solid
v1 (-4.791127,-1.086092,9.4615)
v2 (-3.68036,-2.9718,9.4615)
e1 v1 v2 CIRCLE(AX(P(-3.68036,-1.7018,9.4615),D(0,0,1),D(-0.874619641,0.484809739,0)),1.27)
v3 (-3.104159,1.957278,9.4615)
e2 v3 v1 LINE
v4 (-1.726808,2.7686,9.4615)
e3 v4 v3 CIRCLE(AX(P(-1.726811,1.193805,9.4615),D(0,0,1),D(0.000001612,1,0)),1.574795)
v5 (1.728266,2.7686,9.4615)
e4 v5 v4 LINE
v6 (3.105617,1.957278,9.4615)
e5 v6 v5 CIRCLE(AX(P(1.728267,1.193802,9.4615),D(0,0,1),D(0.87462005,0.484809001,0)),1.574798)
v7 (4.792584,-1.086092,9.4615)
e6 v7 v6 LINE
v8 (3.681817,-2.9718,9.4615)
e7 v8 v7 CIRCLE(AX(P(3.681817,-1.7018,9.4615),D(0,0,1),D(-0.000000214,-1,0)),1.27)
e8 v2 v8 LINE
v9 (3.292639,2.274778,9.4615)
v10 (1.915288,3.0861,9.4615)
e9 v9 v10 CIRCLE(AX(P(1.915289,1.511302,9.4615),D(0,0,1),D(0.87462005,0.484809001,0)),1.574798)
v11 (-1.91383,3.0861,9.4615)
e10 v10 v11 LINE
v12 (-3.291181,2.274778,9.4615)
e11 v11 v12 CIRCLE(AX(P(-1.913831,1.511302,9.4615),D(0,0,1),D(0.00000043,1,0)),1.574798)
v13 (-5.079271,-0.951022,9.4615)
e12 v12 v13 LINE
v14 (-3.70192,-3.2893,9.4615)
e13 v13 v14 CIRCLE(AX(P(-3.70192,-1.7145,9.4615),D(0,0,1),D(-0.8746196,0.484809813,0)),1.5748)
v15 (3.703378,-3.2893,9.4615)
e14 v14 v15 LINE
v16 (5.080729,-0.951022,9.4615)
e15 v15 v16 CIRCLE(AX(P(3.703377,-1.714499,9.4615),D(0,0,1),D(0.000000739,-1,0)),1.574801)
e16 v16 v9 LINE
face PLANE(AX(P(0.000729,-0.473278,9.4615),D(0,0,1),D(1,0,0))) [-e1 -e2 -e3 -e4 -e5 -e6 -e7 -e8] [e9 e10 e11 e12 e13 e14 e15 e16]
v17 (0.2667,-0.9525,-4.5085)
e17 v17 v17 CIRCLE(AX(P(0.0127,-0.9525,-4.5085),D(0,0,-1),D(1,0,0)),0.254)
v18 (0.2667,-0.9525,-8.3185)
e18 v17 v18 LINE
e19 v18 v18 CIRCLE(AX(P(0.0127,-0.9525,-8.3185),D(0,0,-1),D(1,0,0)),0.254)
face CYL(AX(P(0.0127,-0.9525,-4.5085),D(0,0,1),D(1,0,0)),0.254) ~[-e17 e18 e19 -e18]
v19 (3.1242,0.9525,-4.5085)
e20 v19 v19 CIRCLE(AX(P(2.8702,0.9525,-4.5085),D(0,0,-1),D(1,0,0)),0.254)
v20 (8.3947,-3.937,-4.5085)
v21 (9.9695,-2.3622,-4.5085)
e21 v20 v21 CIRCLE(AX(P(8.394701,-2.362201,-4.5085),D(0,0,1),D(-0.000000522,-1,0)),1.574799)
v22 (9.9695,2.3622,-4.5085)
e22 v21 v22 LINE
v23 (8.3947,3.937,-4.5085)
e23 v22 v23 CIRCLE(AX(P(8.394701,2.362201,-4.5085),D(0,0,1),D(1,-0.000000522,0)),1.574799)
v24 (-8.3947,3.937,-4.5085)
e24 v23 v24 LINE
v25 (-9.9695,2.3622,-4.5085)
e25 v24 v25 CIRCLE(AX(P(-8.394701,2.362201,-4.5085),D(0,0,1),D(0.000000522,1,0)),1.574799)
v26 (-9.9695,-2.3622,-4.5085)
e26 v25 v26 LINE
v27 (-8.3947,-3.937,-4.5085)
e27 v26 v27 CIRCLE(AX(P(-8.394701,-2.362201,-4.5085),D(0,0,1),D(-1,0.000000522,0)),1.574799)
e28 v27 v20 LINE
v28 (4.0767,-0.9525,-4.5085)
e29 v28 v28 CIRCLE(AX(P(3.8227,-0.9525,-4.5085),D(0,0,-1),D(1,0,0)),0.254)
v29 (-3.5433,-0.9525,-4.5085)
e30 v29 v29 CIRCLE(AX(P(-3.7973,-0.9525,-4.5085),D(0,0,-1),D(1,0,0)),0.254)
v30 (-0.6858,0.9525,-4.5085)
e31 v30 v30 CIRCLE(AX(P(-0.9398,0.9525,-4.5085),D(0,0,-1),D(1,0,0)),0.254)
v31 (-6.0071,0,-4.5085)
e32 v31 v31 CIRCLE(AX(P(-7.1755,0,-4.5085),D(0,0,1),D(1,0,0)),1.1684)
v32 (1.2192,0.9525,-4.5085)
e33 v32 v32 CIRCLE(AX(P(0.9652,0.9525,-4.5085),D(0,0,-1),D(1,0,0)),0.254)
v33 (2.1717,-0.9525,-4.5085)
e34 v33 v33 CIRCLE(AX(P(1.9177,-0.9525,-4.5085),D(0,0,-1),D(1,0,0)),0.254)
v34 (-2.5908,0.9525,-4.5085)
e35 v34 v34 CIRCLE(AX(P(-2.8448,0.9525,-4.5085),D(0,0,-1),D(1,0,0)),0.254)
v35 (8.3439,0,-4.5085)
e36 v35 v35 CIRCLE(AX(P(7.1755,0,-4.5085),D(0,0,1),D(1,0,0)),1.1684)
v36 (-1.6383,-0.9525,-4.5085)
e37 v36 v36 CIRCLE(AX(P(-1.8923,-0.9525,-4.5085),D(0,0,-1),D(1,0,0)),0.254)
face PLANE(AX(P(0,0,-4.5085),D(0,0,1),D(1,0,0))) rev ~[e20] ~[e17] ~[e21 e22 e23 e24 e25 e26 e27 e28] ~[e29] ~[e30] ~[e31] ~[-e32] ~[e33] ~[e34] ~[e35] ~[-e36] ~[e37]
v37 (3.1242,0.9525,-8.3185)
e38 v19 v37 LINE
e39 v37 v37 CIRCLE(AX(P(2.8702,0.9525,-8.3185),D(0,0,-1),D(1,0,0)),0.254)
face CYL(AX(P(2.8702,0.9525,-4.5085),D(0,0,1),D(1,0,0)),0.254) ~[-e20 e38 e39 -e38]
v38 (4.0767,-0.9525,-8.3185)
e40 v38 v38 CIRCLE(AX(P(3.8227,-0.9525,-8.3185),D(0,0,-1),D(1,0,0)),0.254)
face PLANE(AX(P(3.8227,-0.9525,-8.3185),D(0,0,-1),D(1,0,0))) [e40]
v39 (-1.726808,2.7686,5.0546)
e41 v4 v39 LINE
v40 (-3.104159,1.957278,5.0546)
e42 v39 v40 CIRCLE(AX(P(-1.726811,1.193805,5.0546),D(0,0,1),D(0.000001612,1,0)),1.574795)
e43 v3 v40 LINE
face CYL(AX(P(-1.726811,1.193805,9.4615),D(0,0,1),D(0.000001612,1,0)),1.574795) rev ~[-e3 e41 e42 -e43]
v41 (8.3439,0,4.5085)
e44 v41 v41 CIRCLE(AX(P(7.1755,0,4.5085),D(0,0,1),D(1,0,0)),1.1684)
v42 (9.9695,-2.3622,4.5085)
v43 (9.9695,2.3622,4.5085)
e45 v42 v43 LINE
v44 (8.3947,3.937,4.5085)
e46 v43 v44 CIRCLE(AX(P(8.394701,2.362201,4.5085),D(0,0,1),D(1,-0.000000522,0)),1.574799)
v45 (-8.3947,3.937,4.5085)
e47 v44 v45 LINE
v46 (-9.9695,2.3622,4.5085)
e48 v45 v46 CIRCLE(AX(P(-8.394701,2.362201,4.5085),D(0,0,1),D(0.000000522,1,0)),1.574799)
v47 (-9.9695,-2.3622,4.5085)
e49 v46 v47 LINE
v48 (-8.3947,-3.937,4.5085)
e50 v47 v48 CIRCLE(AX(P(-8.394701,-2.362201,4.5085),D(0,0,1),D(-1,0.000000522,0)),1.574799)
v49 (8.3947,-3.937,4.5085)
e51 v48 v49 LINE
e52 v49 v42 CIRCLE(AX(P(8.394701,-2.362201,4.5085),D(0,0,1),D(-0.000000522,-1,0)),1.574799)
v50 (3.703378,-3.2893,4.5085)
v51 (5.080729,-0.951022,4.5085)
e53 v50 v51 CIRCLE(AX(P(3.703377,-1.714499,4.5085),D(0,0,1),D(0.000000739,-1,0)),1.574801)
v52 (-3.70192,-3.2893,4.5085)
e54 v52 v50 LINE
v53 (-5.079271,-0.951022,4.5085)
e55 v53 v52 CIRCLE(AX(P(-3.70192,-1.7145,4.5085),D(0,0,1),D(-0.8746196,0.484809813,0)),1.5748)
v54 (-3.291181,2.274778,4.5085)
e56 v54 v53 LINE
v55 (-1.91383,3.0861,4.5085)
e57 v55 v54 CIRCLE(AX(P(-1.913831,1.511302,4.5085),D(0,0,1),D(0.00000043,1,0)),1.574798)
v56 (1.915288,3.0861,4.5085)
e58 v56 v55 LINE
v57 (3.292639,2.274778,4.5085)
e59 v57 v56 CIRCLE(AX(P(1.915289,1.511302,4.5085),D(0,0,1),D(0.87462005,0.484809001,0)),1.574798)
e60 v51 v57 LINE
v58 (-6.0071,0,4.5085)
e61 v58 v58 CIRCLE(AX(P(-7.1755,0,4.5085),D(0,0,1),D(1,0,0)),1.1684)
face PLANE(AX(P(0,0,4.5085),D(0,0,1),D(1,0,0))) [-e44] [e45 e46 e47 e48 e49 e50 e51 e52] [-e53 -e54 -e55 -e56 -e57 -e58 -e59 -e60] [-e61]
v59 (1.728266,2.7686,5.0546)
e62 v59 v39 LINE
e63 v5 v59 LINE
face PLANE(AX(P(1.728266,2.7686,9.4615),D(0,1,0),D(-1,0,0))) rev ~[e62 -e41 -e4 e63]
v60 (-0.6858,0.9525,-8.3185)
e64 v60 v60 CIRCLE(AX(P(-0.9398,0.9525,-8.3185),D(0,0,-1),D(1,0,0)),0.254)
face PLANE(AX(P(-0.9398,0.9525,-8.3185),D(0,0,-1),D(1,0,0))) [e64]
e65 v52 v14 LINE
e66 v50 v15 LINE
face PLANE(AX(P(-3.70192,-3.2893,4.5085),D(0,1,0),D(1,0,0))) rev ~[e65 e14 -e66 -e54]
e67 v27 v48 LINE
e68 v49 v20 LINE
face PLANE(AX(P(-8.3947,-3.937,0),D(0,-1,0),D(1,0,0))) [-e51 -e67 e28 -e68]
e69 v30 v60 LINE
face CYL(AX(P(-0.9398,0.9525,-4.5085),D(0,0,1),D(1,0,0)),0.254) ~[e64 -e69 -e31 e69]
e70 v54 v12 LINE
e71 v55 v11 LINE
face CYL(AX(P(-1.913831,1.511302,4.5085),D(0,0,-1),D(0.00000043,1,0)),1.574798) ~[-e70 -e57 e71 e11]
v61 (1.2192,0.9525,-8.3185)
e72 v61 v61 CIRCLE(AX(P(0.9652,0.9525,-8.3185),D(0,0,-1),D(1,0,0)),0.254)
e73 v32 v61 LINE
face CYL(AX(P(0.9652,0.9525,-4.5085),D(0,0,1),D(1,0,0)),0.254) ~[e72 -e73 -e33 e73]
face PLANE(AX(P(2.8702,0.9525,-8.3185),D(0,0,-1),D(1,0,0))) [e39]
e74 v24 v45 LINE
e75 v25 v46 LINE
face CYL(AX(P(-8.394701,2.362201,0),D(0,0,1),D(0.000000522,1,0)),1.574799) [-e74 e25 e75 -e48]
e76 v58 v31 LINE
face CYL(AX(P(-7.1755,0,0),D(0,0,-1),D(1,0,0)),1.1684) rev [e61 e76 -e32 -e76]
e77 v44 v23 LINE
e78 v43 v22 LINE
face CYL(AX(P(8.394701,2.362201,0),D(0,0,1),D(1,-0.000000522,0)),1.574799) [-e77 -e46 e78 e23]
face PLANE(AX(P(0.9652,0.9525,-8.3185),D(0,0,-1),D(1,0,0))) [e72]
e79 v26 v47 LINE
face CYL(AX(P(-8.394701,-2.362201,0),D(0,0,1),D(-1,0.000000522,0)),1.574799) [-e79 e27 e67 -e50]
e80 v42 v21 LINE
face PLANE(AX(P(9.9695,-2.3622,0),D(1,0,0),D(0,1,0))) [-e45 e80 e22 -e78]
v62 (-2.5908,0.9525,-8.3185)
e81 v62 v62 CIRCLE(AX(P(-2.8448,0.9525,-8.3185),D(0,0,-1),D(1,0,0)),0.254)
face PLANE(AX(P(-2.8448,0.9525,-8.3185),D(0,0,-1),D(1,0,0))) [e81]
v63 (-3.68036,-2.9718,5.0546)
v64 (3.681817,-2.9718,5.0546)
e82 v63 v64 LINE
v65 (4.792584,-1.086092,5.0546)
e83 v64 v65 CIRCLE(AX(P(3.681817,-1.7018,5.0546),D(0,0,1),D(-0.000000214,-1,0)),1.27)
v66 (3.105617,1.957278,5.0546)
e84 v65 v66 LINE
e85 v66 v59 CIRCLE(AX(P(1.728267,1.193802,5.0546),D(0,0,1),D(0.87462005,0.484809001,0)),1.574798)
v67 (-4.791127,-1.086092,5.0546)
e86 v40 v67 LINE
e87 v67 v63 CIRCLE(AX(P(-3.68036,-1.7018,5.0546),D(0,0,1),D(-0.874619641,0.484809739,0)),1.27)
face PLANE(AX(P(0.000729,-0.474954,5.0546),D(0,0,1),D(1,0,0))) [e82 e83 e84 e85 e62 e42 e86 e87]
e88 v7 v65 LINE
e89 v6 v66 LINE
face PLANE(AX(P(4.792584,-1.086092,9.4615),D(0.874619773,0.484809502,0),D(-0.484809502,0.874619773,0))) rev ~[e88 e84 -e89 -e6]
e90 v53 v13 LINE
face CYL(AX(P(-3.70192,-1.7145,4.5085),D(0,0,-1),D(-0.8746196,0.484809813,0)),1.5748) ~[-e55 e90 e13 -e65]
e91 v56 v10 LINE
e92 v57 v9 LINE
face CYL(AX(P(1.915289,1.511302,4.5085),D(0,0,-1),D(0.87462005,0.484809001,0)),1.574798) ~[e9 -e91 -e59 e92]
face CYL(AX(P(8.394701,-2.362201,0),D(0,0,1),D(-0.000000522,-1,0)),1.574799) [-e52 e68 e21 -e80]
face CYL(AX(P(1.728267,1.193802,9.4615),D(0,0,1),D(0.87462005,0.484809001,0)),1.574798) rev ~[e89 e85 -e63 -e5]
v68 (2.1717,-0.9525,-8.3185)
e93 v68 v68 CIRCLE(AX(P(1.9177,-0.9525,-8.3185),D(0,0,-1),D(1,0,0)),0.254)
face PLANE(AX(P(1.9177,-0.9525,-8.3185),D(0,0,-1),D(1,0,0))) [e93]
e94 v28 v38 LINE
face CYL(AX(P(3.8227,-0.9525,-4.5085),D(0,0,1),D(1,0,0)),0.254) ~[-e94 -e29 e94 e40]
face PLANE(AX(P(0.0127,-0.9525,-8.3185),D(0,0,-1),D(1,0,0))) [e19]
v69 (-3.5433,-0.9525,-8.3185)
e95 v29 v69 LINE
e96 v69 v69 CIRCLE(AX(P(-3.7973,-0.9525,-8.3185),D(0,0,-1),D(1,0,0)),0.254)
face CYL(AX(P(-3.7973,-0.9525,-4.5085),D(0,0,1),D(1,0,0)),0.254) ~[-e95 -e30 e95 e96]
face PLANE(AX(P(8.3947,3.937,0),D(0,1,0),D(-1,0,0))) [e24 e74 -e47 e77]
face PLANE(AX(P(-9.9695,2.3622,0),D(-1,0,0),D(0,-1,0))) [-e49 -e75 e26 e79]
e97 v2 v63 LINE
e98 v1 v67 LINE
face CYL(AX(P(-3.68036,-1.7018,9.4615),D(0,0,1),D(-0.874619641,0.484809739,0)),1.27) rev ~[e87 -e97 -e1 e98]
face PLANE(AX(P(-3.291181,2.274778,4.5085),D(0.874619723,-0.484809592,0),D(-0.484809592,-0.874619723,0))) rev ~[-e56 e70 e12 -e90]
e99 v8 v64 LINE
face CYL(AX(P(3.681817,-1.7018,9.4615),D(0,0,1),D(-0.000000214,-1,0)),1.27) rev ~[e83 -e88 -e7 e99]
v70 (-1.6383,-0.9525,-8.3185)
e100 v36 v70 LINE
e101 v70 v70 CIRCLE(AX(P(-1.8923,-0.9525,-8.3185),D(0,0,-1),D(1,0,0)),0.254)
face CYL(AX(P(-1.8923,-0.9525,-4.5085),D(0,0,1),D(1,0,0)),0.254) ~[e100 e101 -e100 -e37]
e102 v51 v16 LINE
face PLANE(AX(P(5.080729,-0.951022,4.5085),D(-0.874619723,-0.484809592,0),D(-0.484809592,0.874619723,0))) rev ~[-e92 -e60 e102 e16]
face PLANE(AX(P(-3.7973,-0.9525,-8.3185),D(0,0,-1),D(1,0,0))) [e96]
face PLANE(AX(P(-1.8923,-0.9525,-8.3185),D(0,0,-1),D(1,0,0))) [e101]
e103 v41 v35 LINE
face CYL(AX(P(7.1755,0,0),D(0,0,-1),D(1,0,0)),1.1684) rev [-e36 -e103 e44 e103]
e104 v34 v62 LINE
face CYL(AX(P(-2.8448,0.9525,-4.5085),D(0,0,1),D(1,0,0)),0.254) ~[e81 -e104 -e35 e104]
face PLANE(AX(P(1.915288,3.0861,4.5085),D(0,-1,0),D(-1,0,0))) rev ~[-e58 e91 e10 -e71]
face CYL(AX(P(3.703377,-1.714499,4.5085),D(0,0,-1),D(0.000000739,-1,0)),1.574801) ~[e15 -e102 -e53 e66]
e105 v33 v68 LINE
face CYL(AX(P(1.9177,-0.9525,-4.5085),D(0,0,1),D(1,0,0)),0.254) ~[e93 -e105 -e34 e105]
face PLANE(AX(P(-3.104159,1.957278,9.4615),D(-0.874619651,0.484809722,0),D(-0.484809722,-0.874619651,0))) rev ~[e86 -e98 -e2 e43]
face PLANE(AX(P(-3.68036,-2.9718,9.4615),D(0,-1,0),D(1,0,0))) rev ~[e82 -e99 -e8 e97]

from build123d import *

# Parameters (mm, degrees)
F0_R     = 1.1684
F1_DEPTH = 4.5085
F3_DEPTH = 4.953
F5_DEPTH = 4.4069
F6_R     = 0.254
F7_DEPTH = 3.81


with BuildPart() as f1:
    # F0 (on Top) → F1 (new body, symmetric)
    with BuildSketch(Plane.XY):
        with BuildLine():
            Line((8.3947, 3.937), (-8.3947, 3.937))
            ThreePointArc((-8.3947, 3.937), (-9.508252, 3.475752), (-9.9695, 2.3622))
            Line((-9.9695, 2.3622), (-9.9695, -2.3622))
            ThreePointArc((-9.9695, -2.3622), (-9.508252, -3.475752), (-8.3947, -3.937))
            Line((-8.3947, -3.937), (8.3947, -3.937))
            ThreePointArc((8.3947, -3.937), (9.508252, -3.475752), (9.9695, -2.3622))
            Line((9.9695, -2.3622), (9.9695, 2.3622))
            ThreePointArc((9.9695, 2.3622), (9.508252, 3.475752), (8.3947, 3.937))
        make_face()
        with Locations((-7.1755, 0)):
            Circle(F0_R, mode=Mode.SUBTRACT)
        with Locations((7.1755, 0)):
            Circle(F0_R, mode=Mode.SUBTRACT)
    extrude(amount=F1_DEPTH, both=True)

    # F2 (on face) → F3 (join)
    with BuildSketch(Plane.XY.offset(4.5085)):
        with BuildLine():
            Line((-3.70192, -3.2893), (3.703378, -3.2893))
            ThreePointArc((3.703378, -3.2893), (5.060271, -2.513771), (5.080729, -0.951022))
            Line((5.080729, -0.951022), (3.292639, 2.274778))
            ThreePointArc((3.292639, 2.274778), (2.714559, 2.868194), (1.915288, 3.0861))
            Line((1.915288, 3.0861), (-1.91383, 3.0861))
            ThreePointArc((-1.91383, 3.0861), (-2.713101, 2.868194), (-3.291181, 2.274778))
            Line((-3.291181, 2.274778), (-5.079271, -0.951022))
            ThreePointArc((-5.079271, -0.951022), (-5.058814, -2.513771), (-3.70192, -3.2893))
        make_face()
    extrude(amount=F3_DEPTH)

    # F4 (on face) → F5 (cut)
    with BuildSketch(Plane.XY.offset(9.4615)):
        with BuildLine():
            Line((1.728266, 2.7686), (-1.726808, 2.7686))
            ThreePointArc((-1.726808, 2.7686), (-2.52608, 2.550694), (-3.104159, 1.957278))
            Line((-3.104159, 1.957278), (-4.791127, -1.086092))
            ThreePointArc((-4.791127, -1.086092), (-4.774629, -2.346374), (-3.68036, -2.9718))
            Line((-3.68036, -2.9718), (3.681817, -2.9718))
            ThreePointArc((3.681817, -2.9718), (4.776086, -2.346374), (4.792584, -1.086092))
            Line((4.792584, -1.086092), (3.105617, 1.957278))
            ThreePointArc((3.105617, 1.957278), (2.527537, 2.550694), (1.728266, 2.7686))
        make_face()
    extrude(amount=-F5_DEPTH, mode=Mode.SUBTRACT)

    # F6 (on face) → F7 (join)
    with BuildSketch(Plane(origin=(0, 0, -4.5085), x_dir=(1, 0, 0), z_dir=(0, 0, -1))):
        with Locations((-3.7973, 0.9525)):
            Circle(F6_R)
        with Locations((-1.8923, 0.9525)):
            Circle(F6_R)
        with Locations((0.0127, 0.9525)):
            Circle(F6_R)
        with Locations((1.9177, 0.9525)):
            Circle(F6_R)
        with Locations((3.8227, 0.9525)):
            Circle(F6_R)
        with Locations((-2.8448, -0.9525)):
            Circle(F6_R)
        with Locations((-0.9398, -0.9525)):
            Circle(F6_R)
        with Locations((0.9652, -0.9525)):
            Circle(F6_R)
        with Locations((2.8702, -0.9525)):
            Circle(F6_R)
    extrude(amount=F7_DEPTH)


solid = f1.part
